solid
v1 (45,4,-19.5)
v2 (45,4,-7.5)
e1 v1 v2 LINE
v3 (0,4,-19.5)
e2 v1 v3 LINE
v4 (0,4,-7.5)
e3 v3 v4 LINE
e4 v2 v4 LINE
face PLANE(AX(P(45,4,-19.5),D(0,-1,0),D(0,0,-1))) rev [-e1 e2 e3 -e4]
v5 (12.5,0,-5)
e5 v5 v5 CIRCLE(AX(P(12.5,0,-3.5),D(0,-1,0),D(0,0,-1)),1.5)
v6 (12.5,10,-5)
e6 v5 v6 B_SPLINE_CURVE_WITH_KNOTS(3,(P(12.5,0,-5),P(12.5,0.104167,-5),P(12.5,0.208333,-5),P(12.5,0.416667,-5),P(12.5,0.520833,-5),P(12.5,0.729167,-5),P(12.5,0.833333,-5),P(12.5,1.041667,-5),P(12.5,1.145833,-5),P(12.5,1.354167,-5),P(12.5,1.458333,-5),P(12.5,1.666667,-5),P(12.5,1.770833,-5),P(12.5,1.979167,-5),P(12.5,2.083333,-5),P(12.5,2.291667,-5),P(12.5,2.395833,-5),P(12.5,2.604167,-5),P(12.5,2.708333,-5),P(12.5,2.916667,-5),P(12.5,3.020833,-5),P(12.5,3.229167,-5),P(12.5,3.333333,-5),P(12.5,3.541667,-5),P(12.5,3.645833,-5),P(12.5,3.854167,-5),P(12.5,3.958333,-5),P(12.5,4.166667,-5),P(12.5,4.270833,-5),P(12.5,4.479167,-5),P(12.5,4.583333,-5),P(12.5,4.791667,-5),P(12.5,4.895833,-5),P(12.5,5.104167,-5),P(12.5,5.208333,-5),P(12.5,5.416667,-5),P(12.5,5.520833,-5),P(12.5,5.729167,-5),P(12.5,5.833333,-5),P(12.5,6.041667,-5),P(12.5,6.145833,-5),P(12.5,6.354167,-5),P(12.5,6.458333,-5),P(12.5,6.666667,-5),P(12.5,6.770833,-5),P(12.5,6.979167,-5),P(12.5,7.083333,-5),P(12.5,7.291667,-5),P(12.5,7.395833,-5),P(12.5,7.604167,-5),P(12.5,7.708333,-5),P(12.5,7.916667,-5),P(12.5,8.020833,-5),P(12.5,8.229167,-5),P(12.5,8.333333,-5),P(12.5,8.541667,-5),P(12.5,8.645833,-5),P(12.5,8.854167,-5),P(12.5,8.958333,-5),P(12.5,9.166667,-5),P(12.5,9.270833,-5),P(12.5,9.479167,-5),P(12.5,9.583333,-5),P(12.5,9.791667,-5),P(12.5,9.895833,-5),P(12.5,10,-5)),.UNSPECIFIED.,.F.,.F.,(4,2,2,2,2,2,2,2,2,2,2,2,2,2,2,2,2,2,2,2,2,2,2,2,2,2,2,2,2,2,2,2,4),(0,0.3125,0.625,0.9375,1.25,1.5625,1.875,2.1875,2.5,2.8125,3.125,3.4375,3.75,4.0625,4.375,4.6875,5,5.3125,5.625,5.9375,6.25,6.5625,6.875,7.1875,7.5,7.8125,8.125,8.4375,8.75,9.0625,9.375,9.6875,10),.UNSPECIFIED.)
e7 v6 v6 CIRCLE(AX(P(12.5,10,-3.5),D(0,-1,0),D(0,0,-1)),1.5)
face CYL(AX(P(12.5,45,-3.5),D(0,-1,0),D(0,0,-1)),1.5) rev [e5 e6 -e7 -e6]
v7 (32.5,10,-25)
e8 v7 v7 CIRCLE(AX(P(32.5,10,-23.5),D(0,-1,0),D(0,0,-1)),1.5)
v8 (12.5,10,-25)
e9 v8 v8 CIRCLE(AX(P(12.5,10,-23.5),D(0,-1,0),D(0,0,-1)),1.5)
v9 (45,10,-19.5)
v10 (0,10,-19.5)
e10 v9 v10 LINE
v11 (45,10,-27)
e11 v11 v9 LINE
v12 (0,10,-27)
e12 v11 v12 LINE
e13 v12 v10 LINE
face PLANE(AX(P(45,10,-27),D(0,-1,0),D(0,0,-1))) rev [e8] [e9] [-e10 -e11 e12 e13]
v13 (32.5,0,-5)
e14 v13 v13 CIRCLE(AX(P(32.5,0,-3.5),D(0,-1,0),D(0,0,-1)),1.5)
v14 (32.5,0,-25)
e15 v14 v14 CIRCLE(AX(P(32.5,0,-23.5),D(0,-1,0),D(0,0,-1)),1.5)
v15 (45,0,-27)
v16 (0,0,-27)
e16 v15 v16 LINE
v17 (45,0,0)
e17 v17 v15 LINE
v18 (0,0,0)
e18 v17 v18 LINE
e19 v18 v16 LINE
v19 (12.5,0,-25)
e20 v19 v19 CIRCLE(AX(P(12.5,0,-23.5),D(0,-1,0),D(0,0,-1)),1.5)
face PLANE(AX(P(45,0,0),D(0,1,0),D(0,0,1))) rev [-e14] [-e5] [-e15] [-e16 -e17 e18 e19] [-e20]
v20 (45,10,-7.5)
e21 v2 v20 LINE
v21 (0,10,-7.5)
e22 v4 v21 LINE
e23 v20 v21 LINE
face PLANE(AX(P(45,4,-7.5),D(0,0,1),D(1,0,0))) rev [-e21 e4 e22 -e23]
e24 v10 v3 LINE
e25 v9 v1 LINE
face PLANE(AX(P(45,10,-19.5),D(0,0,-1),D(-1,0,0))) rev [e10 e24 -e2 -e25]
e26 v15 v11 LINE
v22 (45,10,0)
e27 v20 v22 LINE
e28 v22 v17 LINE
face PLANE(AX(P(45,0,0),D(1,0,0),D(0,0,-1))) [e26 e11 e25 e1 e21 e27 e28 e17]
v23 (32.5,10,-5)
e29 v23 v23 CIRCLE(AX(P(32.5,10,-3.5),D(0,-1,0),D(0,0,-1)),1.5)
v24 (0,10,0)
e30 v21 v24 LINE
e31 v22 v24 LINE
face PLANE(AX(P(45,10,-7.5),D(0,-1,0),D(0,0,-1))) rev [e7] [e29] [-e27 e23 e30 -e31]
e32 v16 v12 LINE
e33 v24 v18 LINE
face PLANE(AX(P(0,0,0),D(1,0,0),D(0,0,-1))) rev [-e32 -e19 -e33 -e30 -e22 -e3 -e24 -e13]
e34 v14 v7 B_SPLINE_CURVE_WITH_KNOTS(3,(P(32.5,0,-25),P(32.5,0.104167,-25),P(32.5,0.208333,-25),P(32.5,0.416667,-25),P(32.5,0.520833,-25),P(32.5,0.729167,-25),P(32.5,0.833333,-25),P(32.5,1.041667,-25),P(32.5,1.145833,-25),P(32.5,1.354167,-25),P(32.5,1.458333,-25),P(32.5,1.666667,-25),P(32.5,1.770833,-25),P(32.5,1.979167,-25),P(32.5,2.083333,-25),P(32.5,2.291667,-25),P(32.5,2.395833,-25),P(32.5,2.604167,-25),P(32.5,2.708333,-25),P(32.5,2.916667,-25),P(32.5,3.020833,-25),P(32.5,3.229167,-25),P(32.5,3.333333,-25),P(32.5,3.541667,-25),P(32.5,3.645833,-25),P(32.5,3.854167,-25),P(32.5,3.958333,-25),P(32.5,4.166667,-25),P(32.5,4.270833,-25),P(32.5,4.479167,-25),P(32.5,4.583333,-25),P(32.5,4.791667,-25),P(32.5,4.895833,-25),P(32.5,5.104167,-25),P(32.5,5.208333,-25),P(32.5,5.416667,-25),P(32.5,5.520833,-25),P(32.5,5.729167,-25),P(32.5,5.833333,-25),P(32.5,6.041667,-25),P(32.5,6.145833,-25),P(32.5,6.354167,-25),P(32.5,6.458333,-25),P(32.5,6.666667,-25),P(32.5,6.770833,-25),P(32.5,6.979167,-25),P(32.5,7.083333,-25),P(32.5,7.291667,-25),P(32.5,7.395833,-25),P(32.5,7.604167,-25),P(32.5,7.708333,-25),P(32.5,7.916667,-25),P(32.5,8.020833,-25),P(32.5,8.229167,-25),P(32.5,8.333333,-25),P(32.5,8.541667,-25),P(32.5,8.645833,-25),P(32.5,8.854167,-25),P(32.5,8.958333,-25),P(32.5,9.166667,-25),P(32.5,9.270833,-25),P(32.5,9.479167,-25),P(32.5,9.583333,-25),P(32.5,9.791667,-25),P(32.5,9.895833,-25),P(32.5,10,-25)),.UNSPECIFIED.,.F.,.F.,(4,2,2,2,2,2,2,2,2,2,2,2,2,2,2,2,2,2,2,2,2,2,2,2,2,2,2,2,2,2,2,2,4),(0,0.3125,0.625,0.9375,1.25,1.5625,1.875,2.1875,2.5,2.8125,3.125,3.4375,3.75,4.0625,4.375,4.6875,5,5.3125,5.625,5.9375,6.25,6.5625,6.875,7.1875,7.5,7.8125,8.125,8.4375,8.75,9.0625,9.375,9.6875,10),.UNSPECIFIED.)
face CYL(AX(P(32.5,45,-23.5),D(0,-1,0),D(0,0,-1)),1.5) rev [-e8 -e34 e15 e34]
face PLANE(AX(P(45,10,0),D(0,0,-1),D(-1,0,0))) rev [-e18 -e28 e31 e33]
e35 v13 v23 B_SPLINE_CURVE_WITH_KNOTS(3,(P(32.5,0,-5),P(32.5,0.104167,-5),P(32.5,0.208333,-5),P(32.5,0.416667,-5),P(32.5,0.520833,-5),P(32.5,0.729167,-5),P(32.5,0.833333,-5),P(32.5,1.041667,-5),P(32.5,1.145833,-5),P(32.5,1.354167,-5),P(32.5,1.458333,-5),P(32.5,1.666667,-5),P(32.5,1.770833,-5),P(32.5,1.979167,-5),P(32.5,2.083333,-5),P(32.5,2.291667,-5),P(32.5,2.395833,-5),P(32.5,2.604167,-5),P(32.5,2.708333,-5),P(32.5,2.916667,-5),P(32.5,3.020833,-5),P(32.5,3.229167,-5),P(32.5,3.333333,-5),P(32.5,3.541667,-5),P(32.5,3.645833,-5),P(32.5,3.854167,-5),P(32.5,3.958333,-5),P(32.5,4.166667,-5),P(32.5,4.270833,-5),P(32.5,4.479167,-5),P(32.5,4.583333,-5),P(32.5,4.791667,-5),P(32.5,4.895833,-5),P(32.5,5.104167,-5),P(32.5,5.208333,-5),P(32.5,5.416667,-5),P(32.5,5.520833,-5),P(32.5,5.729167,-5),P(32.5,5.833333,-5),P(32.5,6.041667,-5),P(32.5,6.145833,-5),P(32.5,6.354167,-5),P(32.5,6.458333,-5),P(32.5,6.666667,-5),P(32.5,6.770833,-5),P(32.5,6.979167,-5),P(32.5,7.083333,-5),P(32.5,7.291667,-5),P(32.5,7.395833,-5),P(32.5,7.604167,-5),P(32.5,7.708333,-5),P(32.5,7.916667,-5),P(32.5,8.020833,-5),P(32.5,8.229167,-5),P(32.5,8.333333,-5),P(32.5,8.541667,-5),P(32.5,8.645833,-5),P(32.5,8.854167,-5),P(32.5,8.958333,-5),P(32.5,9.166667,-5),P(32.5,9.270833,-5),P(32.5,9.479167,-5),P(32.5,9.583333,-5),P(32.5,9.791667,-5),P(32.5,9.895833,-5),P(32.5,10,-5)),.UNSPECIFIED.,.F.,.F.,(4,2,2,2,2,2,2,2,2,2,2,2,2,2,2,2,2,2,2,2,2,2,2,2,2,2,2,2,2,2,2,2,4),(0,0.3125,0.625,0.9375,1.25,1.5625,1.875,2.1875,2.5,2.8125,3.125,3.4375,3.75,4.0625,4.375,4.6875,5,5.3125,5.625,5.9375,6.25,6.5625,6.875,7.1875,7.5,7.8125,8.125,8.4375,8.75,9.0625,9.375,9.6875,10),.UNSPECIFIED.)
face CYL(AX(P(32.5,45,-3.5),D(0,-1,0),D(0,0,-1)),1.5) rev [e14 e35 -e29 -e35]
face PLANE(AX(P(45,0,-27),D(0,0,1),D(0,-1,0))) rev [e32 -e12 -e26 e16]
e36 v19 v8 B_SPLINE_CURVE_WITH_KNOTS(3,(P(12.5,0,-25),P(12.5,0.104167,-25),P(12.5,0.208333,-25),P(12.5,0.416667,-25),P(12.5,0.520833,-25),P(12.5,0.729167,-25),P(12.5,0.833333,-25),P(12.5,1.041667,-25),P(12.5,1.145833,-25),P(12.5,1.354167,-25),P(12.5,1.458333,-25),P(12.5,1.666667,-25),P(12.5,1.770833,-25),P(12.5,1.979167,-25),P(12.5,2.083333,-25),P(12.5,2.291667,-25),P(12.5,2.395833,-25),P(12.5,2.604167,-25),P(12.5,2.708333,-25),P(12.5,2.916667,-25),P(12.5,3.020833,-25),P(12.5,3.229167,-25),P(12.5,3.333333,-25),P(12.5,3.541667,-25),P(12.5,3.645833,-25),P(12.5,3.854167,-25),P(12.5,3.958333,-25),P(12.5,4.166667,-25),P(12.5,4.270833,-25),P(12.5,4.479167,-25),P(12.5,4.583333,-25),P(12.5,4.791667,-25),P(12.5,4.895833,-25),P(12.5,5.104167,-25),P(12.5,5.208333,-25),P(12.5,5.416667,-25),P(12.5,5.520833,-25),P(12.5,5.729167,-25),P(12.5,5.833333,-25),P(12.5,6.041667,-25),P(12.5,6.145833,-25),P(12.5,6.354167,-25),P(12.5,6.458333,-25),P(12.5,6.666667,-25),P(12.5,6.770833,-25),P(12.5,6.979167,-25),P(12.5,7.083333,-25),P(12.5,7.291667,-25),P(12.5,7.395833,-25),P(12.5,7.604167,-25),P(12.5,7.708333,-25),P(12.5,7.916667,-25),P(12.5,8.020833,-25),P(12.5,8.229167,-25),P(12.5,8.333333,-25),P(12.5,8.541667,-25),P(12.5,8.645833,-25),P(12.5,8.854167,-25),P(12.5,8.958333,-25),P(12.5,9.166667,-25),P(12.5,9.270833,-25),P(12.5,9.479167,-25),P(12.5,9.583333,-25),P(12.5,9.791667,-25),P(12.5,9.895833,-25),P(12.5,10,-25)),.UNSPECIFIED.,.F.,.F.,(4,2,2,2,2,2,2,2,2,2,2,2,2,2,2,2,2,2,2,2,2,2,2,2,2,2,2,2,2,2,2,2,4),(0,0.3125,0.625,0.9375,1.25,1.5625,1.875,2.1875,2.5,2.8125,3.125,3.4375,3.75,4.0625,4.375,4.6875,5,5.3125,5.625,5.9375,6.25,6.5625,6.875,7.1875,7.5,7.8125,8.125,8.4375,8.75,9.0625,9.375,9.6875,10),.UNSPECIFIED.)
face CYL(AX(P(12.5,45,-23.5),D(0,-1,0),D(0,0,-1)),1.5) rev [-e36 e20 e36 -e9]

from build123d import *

# Parameters (mm, degrees)
BOSS_EXTRUDE1_DEPTH = 45
CUT_EXTRUDE1_DEPTH  = 45


with BuildPart() as part:
    # Sketch1 → Boss-Extrude1 (new body)
    with BuildSketch(Plane(origin=(0, 0, 0), x_dir=(0, 0, -1), z_dir=(1, 0, 0))):
        Polygon((0, 0), (27, 0), (27, 10), (19.5, 10), (19.5, 4), (7.5, 4), (7.5, 10), (0, 10), align=None)
    extrude(amount=BOSS_EXTRUDE1_DEPTH)

    # Sketch2 → Cut-Extrude1 (cut)
    with BuildSketch(Plane.XZ):
        with BuildLine():
            ThreePointArc((31, -3.5), (31.439339828, -4.560660172), (32.5, -5))
            Line((32.5, -5), (32.5, -3.5))
            Line((32.5, -3.5), (31, -3.5))
        make_face()
        with BuildLine():
            Line((32.5, -3.5), (32.5, -5))
            ThreePointArc((32.5, -5), (33.560660172, -4.560660172), (34, -3.5))
            ThreePointArc((34, -3.5), (32.5, -2), (31, -3.5))
            Line((31, -3.5), (32.5, -3.5))
        make_face()
        with BuildLine():
            ThreePointArc((32.5, -22), (31.439339828, -22.439339828), (31, -23.5))
            Line((31, -23.5), (32.5, -23.5))
            Line((32.5, -23.5), (32.5, -22))
        make_face()
        with BuildLine():
            Line((32.5, -23.5), (31, -23.5))
            ThreePointArc((31, -23.5), (32.5, -25), (34, -23.5))
            ThreePointArc((34, -23.5), (33.560660172, -22.439339828), (32.5, -22))
            Line((32.5, -22), (32.5, -23.5))
        make_face()
        with BuildLine():
            Line((12.5, -22), (12.5, -23.5))
            Line((12.5, -23.5), (14, -23.5))
            ThreePointArc((14, -23.5), (13.560660172, -22.439339828), (12.5, -22))
        make_face()
        with BuildLine():
            Line((14, -23.5), (12.5, -23.5))
            Line((12.5, -23.5), (12.5, -22))
            ThreePointArc((12.5, -22), (11.439339828, -24.560660172), (14, -23.5))
        make_face()
        with BuildLine():
            ThreePointArc((14, -3.5), (11.439339828, -2.439339828), (12.5, -5))
            Line((12.5, -5), (12.5, -3.5))
            Line((12.5, -3.5), (14, -3.5))
        make_face()
        with BuildLine():
            Line((12.5, -3.5), (12.5, -5))
            ThreePointArc((12.5, -5), (13.560660172, -4.560660172), (14, -3.5))
            Line((14, -3.5), (12.5, -3.5))
        make_face()
    extrude(amount=-CUT_EXTRUDE1_DEPTH, mode=Mode.SUBTRACT)


solid = part.part
